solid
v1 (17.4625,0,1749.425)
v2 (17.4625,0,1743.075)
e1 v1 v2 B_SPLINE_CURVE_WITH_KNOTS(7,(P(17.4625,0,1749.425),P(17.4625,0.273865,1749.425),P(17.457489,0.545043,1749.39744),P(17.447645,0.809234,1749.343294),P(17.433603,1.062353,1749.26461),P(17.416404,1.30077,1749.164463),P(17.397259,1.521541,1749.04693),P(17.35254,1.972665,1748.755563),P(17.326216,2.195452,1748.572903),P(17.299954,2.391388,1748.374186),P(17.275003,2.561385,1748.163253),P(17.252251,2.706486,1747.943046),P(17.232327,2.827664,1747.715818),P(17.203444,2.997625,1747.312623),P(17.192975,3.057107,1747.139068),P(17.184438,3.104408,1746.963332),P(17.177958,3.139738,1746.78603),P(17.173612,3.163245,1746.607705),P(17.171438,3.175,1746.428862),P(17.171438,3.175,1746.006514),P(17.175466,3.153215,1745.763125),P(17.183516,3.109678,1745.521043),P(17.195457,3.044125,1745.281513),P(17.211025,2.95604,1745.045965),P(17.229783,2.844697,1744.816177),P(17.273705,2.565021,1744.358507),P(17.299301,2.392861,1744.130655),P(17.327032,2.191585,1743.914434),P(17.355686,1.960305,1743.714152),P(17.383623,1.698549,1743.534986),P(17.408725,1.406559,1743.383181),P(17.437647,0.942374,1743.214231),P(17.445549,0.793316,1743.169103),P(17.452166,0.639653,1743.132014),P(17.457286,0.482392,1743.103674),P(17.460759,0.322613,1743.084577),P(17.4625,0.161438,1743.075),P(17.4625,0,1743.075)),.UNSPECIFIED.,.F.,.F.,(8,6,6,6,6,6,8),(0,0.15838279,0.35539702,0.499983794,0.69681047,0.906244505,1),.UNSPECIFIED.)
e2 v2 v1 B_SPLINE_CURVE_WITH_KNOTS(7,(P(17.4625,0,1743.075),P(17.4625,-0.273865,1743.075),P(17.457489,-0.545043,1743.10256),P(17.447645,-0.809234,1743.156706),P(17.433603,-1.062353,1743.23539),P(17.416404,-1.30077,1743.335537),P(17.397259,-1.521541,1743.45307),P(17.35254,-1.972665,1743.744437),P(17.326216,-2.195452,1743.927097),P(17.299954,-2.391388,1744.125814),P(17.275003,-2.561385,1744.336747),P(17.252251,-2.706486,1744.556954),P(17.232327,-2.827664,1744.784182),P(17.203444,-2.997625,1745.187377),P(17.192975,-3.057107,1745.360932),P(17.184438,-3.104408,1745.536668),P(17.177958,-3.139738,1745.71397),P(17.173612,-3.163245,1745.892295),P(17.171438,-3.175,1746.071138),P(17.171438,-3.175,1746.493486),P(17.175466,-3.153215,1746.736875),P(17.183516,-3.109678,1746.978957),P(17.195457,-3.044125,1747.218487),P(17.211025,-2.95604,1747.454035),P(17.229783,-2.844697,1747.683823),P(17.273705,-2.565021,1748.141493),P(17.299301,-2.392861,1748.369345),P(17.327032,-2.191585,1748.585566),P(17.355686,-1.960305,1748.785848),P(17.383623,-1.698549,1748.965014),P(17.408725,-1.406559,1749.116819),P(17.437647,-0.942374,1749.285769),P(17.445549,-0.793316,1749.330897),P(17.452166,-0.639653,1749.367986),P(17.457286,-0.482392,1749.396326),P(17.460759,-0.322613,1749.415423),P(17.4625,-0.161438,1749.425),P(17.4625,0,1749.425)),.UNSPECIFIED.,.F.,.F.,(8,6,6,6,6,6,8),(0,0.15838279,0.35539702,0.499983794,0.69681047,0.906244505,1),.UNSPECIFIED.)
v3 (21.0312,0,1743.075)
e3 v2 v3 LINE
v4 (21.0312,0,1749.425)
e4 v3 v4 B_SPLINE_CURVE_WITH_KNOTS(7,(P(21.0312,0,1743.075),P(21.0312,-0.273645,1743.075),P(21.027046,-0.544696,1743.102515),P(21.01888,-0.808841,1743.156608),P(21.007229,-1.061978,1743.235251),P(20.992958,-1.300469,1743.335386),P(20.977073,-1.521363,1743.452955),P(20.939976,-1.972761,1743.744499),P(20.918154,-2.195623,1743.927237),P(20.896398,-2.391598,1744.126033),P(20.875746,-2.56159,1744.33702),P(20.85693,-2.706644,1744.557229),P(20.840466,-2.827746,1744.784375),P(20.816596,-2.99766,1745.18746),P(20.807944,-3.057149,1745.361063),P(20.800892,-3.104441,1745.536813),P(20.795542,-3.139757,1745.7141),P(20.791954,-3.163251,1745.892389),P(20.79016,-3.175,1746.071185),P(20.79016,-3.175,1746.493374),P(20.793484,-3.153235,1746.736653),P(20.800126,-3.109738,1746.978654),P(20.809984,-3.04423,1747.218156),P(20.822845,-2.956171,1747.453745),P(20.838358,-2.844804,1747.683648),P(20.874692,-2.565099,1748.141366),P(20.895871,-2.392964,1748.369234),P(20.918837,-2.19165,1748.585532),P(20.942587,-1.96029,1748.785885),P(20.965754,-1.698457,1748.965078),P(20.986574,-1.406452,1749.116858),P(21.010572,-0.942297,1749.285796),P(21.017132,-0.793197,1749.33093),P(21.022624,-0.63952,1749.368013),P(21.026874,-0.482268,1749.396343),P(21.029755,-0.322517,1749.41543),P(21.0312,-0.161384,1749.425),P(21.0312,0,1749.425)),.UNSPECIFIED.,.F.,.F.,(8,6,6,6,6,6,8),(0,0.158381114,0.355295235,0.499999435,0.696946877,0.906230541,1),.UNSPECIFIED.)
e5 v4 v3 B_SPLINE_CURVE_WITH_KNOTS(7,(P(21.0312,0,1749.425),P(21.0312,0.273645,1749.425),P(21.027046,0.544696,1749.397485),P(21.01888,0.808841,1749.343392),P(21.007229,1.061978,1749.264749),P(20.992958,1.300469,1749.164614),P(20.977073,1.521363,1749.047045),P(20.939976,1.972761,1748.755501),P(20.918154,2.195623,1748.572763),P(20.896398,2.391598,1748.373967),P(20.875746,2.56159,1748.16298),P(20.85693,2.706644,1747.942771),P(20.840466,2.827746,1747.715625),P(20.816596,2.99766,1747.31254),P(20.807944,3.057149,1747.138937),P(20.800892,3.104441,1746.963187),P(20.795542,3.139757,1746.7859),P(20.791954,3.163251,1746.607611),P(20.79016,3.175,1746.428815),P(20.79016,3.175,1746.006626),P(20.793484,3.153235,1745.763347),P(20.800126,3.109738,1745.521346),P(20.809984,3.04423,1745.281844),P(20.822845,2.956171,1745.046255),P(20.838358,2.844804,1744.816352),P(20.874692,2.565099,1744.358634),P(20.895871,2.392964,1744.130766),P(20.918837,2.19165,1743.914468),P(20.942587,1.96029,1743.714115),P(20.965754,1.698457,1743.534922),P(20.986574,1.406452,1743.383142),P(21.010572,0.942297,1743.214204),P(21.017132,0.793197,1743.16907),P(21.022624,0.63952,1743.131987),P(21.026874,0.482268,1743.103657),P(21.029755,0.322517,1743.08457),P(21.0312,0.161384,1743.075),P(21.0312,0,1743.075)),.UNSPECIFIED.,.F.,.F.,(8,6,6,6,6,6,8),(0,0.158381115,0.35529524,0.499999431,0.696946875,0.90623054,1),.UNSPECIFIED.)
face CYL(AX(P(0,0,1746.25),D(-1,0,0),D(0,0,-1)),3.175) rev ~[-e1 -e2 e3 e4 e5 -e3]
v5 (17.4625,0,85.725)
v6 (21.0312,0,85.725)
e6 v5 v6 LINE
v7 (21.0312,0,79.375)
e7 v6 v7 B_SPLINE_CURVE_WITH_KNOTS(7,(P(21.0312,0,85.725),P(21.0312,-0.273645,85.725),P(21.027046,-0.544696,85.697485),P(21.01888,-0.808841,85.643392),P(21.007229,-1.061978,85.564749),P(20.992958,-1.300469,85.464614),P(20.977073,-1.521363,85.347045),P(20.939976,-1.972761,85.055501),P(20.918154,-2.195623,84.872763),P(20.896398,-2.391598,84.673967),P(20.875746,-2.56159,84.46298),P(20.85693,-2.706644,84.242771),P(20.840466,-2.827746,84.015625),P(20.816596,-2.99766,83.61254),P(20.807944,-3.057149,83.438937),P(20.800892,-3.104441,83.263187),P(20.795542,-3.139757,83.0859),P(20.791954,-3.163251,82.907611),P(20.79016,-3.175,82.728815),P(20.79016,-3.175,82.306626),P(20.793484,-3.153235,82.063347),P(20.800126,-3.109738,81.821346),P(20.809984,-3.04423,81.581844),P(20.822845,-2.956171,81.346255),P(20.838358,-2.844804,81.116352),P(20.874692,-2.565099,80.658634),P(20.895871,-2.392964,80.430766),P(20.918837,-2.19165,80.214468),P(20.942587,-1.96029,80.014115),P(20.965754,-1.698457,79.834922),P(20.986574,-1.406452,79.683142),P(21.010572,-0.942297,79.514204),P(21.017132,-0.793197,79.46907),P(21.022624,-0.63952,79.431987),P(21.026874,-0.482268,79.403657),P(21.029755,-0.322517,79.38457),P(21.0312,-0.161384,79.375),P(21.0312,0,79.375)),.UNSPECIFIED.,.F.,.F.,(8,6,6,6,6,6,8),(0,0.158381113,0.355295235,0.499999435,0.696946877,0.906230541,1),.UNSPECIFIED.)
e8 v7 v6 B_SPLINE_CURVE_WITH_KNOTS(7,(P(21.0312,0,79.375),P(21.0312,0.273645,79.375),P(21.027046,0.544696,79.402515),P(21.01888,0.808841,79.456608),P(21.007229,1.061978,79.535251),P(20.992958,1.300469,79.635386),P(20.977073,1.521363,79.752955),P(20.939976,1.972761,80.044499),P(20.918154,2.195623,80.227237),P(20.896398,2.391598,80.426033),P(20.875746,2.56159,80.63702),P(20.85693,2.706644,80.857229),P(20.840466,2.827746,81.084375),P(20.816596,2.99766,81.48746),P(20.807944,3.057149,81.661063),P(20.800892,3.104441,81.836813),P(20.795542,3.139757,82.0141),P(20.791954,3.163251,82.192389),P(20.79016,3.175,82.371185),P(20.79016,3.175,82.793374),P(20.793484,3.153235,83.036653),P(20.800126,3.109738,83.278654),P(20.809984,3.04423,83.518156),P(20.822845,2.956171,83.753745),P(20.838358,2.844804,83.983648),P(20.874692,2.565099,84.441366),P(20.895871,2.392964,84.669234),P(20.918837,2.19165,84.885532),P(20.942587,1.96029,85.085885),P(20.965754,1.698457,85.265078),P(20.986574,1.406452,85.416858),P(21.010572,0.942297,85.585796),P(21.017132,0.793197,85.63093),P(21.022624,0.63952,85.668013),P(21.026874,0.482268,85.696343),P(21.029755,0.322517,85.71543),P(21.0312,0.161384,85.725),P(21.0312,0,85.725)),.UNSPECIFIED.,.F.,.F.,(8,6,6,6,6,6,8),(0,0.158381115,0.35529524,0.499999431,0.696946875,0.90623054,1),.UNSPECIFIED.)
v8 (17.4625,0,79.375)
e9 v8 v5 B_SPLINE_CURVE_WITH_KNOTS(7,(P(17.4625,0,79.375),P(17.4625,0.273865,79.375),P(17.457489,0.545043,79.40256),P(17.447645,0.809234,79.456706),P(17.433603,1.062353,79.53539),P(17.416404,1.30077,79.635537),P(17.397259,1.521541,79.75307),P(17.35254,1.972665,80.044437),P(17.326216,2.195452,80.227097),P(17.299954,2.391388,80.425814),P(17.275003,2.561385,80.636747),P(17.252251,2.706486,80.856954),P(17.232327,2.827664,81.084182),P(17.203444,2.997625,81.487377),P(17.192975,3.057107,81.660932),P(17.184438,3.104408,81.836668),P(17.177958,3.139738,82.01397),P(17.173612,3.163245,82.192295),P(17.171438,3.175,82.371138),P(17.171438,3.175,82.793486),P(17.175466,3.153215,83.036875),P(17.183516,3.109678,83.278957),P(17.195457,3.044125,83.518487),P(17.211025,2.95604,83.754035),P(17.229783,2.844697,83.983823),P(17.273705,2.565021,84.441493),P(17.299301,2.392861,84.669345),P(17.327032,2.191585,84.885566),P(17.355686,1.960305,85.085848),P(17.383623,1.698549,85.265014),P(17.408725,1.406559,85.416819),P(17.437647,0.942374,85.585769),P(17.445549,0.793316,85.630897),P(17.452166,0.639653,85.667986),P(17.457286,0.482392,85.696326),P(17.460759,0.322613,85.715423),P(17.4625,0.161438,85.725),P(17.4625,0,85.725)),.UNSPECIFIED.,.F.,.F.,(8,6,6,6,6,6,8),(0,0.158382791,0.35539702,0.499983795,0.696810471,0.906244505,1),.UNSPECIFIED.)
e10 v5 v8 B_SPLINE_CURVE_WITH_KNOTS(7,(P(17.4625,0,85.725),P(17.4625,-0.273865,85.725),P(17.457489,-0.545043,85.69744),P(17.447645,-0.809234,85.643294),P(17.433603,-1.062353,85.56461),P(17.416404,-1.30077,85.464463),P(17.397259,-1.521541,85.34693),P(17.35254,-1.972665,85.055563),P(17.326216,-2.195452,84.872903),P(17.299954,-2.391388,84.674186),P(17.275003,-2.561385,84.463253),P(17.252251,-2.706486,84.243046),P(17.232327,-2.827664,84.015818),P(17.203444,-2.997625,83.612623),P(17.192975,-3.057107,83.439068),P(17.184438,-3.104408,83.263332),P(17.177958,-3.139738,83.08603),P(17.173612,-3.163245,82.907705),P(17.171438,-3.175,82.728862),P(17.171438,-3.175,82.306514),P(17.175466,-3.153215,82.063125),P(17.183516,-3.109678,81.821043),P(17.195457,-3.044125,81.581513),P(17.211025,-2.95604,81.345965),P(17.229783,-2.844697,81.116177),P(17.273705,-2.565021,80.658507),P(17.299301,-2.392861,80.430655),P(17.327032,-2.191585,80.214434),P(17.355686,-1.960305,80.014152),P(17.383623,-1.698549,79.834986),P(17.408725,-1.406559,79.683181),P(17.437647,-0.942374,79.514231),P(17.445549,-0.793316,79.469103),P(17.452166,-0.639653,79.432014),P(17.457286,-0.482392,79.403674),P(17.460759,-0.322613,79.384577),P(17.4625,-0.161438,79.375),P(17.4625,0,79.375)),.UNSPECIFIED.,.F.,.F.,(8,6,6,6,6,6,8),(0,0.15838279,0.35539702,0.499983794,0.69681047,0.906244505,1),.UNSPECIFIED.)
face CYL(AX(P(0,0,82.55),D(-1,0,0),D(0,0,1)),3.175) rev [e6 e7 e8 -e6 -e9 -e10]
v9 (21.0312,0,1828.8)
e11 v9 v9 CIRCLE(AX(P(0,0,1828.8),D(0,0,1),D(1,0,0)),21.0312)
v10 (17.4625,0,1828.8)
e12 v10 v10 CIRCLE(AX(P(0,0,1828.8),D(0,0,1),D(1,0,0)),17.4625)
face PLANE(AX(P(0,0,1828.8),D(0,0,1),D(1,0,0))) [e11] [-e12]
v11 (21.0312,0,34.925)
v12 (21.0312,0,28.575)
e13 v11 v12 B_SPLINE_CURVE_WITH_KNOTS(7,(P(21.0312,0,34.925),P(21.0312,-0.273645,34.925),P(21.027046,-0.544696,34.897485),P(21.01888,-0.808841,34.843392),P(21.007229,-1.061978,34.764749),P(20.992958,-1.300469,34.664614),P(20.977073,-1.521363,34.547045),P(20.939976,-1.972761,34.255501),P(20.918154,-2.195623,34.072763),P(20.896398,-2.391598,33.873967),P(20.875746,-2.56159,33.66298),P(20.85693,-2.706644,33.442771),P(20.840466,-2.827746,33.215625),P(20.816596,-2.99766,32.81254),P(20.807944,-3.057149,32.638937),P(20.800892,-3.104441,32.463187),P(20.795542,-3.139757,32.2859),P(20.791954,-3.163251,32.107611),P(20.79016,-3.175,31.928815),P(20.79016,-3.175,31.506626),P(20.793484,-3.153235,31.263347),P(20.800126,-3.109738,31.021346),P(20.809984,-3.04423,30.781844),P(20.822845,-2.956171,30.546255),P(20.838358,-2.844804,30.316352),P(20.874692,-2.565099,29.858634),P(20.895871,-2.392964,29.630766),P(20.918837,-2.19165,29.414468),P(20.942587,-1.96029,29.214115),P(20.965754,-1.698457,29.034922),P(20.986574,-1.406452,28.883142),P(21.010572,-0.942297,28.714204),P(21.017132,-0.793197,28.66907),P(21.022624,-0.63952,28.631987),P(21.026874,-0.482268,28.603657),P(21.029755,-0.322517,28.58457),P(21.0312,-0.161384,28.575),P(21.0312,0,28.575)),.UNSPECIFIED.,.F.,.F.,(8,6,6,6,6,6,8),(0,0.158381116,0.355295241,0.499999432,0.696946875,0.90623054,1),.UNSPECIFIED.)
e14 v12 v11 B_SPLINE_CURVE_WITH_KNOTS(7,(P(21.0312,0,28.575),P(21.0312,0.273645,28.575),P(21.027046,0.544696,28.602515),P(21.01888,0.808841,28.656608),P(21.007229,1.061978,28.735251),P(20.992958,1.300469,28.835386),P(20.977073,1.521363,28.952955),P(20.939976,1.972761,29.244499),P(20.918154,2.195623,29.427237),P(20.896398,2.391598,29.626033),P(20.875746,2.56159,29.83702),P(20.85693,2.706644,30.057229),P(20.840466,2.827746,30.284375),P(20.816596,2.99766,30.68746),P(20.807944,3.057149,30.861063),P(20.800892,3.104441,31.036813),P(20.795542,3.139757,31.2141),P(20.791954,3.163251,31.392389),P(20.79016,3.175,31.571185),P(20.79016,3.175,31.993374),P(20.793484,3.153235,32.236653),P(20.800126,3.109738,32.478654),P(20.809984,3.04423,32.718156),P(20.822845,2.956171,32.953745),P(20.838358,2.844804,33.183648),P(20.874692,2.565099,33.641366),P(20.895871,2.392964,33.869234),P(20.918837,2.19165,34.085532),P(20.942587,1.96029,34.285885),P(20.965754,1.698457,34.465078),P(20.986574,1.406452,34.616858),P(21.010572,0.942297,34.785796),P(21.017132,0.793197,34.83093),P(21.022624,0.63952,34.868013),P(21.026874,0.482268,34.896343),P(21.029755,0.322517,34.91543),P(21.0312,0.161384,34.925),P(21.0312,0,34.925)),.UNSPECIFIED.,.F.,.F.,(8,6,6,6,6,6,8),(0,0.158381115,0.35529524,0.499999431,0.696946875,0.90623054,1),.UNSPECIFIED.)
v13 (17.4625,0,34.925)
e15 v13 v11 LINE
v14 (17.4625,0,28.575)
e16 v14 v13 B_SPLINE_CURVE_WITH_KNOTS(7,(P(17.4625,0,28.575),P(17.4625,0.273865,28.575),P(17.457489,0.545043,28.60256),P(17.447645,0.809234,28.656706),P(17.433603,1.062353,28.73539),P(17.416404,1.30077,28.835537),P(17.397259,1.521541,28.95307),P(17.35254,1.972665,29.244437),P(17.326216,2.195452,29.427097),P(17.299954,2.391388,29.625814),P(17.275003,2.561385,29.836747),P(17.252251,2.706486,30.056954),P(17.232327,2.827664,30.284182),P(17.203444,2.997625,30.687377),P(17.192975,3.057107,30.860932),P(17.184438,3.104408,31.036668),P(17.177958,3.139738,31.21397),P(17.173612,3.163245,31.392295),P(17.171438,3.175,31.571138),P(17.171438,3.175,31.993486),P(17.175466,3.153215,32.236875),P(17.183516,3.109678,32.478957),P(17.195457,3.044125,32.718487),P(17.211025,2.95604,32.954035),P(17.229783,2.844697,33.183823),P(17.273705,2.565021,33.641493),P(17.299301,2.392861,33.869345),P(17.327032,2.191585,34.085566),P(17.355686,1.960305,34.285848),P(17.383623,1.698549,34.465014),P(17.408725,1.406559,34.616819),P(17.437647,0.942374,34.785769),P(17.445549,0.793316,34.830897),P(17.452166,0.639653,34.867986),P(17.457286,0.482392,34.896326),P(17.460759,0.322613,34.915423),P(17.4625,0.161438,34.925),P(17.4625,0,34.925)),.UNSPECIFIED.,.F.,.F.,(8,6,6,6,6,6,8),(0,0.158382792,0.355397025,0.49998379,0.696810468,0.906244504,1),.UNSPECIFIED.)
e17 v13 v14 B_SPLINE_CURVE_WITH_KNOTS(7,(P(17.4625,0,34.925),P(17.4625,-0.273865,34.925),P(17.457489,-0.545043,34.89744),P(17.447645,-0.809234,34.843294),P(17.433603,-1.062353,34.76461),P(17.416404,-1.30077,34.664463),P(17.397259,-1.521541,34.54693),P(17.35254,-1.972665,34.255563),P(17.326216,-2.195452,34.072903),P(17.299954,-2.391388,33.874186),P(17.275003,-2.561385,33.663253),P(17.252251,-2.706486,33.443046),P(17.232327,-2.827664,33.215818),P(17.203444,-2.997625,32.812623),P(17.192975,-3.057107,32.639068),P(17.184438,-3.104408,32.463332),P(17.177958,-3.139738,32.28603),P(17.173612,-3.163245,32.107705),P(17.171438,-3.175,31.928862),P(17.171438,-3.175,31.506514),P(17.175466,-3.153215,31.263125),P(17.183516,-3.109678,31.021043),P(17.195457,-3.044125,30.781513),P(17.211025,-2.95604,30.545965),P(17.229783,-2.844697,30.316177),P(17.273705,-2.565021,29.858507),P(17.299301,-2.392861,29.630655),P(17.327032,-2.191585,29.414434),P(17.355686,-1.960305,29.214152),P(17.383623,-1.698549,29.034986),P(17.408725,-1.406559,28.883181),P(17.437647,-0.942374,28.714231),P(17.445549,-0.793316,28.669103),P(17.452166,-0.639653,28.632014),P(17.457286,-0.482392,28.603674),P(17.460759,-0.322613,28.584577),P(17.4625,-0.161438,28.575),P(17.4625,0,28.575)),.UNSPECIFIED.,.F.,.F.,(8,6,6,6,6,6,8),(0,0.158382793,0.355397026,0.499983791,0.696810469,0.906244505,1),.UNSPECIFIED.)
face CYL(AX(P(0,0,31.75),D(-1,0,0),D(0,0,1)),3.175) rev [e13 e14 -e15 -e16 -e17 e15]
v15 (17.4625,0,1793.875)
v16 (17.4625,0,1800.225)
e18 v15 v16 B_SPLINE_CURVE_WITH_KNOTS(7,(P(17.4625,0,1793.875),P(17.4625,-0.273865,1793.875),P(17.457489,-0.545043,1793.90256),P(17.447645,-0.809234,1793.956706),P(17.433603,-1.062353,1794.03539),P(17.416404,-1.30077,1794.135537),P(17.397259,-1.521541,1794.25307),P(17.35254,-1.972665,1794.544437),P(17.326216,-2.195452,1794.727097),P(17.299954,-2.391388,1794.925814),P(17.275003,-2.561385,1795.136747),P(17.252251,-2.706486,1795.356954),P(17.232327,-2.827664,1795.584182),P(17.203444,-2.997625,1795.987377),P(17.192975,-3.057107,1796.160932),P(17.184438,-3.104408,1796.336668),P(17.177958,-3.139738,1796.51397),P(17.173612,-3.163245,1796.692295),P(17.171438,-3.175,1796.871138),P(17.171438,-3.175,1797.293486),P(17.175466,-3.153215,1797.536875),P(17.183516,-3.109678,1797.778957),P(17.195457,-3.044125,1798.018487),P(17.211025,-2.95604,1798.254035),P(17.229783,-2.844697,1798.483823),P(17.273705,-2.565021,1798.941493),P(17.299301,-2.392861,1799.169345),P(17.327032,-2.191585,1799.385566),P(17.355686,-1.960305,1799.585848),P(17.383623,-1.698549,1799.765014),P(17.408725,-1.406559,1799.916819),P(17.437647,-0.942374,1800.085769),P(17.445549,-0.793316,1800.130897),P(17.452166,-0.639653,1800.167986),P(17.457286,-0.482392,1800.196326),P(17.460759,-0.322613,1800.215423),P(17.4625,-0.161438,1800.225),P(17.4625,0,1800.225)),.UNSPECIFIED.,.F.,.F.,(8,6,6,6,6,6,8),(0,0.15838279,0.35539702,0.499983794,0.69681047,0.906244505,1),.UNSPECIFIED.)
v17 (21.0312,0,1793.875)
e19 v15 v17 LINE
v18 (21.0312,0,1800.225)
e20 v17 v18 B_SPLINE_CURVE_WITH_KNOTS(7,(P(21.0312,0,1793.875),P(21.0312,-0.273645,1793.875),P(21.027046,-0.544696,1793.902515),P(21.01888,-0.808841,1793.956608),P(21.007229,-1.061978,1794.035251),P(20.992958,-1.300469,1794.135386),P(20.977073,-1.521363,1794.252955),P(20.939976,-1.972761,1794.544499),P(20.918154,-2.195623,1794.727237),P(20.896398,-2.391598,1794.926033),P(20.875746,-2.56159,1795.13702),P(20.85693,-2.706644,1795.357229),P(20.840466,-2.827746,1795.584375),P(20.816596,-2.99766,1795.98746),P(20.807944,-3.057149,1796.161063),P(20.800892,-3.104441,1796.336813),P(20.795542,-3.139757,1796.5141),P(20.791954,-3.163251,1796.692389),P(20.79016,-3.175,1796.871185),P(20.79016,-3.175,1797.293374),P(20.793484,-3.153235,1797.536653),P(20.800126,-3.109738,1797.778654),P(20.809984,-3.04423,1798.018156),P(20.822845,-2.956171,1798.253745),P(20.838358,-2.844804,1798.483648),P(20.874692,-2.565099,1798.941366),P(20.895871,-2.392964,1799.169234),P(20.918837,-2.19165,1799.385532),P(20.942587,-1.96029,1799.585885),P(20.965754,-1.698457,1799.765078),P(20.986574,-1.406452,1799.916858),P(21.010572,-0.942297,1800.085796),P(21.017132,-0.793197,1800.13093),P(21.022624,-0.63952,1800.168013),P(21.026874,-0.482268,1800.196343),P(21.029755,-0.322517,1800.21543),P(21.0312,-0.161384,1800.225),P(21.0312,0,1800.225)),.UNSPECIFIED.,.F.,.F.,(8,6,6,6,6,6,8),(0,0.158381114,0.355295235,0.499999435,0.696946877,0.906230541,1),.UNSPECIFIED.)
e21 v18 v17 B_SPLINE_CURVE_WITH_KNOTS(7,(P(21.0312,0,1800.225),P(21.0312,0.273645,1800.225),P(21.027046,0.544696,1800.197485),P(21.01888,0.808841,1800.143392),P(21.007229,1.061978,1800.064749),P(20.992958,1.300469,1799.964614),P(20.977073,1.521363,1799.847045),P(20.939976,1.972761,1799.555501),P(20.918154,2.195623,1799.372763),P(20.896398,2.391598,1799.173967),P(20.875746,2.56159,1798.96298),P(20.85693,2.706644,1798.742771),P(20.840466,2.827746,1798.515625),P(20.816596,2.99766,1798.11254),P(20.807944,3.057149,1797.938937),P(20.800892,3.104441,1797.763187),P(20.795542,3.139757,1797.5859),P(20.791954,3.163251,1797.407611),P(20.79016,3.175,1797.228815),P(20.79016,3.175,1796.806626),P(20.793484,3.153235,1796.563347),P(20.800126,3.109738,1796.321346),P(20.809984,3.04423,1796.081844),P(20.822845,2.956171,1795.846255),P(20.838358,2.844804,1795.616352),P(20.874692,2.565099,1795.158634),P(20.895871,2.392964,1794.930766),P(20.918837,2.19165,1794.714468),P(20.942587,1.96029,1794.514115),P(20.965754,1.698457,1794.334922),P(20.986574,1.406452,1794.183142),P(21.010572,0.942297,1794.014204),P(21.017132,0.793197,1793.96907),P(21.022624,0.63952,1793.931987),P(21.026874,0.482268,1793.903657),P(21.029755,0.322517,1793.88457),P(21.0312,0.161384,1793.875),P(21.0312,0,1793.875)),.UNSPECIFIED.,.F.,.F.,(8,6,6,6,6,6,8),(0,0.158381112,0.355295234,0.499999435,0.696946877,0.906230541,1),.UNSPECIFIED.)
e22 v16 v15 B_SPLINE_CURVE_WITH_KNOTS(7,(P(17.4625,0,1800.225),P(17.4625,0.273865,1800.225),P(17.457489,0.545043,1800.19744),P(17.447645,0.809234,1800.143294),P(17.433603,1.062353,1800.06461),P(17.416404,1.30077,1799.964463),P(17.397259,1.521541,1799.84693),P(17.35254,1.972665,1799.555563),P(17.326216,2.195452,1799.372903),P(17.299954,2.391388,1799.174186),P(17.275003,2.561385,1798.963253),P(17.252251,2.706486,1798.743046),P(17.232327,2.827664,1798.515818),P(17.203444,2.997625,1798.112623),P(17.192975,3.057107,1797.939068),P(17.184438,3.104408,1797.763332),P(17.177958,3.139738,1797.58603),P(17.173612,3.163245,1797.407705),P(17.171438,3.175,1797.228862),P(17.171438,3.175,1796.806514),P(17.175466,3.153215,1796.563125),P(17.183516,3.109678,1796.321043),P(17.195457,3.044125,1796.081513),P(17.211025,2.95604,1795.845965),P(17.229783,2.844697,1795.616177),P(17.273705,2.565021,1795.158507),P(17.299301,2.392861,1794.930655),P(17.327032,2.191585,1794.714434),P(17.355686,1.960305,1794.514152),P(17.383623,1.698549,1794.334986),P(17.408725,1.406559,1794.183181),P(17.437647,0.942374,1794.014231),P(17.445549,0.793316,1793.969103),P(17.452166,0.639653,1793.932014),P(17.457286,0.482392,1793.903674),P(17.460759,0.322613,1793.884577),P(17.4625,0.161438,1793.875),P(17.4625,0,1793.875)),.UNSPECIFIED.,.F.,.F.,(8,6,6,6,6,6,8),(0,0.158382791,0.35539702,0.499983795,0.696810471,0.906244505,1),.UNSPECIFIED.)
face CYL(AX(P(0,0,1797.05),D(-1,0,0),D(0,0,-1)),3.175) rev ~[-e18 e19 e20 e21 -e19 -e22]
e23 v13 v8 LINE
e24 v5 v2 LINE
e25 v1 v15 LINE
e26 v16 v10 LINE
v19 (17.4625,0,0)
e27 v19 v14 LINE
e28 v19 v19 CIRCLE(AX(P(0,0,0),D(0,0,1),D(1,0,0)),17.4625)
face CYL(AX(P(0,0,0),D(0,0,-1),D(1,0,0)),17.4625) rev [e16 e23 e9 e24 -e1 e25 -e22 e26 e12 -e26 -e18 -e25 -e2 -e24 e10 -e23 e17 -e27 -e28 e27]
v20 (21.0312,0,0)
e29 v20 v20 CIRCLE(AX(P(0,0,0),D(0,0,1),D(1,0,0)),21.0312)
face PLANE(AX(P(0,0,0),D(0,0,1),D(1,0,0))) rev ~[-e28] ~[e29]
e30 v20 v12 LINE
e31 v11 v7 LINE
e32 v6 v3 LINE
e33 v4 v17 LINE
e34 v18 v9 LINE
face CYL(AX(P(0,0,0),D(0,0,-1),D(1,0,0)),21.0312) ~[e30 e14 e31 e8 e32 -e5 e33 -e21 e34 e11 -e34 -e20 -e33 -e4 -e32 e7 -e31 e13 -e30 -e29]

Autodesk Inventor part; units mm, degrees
ref_plane "XZ Plane" through (0, 0, 0) normal (0, 1, 0) x (-1, 0, 0)
sketch "Sketch1" plane through (0, 0, 0) normal (0, 0, 1) x (1, 0, 0)
  circle A0 centre (0, 0) radius 21.0312
  circle A1 centre (0, 0) radius 17.4625
  dimension "d0" = 42.0624
  dimension "d1" = 34.925
extrude "Extrusion1" add sketch "Sketch1" along normal blind 1828.8
ref_plane "Work Plane1" through (0, 0, 0) normal (1, 0, 0) x (0, 0, 1)
sketch "Sketch2" plane through (0, 0, 0) normal (1, 0, 0) x (0, 0, 1)
  circle A0 centre (31.75, 0) radius 3.175
  line L0 (-365.76, 0) -> (2194.56, 0) projected
  line L1 (0, 21.0312) -> (0, -21.0312) projected
  dimension "d5" = 6.35
  dimension "d6" = 31.75
extrude "Extrusion2" cut sketch "Sketch2" along normal blind 381
pattern_linear "Rectangular Pattern1" count 2 spacing 50.8 along (0, 0, 1) of "Extrusion2"
ref_plane "Work Plane2" through (0, 0, 914.4) normal (0, 0, 1) x (1, 0, 0)
mirror "Mirror1" about plane through (0, 0, 914.4) normal (0, 0, 1) of "Extrusion2", "Rectangular Pattern1"
properties part number "FE-00005-04"
